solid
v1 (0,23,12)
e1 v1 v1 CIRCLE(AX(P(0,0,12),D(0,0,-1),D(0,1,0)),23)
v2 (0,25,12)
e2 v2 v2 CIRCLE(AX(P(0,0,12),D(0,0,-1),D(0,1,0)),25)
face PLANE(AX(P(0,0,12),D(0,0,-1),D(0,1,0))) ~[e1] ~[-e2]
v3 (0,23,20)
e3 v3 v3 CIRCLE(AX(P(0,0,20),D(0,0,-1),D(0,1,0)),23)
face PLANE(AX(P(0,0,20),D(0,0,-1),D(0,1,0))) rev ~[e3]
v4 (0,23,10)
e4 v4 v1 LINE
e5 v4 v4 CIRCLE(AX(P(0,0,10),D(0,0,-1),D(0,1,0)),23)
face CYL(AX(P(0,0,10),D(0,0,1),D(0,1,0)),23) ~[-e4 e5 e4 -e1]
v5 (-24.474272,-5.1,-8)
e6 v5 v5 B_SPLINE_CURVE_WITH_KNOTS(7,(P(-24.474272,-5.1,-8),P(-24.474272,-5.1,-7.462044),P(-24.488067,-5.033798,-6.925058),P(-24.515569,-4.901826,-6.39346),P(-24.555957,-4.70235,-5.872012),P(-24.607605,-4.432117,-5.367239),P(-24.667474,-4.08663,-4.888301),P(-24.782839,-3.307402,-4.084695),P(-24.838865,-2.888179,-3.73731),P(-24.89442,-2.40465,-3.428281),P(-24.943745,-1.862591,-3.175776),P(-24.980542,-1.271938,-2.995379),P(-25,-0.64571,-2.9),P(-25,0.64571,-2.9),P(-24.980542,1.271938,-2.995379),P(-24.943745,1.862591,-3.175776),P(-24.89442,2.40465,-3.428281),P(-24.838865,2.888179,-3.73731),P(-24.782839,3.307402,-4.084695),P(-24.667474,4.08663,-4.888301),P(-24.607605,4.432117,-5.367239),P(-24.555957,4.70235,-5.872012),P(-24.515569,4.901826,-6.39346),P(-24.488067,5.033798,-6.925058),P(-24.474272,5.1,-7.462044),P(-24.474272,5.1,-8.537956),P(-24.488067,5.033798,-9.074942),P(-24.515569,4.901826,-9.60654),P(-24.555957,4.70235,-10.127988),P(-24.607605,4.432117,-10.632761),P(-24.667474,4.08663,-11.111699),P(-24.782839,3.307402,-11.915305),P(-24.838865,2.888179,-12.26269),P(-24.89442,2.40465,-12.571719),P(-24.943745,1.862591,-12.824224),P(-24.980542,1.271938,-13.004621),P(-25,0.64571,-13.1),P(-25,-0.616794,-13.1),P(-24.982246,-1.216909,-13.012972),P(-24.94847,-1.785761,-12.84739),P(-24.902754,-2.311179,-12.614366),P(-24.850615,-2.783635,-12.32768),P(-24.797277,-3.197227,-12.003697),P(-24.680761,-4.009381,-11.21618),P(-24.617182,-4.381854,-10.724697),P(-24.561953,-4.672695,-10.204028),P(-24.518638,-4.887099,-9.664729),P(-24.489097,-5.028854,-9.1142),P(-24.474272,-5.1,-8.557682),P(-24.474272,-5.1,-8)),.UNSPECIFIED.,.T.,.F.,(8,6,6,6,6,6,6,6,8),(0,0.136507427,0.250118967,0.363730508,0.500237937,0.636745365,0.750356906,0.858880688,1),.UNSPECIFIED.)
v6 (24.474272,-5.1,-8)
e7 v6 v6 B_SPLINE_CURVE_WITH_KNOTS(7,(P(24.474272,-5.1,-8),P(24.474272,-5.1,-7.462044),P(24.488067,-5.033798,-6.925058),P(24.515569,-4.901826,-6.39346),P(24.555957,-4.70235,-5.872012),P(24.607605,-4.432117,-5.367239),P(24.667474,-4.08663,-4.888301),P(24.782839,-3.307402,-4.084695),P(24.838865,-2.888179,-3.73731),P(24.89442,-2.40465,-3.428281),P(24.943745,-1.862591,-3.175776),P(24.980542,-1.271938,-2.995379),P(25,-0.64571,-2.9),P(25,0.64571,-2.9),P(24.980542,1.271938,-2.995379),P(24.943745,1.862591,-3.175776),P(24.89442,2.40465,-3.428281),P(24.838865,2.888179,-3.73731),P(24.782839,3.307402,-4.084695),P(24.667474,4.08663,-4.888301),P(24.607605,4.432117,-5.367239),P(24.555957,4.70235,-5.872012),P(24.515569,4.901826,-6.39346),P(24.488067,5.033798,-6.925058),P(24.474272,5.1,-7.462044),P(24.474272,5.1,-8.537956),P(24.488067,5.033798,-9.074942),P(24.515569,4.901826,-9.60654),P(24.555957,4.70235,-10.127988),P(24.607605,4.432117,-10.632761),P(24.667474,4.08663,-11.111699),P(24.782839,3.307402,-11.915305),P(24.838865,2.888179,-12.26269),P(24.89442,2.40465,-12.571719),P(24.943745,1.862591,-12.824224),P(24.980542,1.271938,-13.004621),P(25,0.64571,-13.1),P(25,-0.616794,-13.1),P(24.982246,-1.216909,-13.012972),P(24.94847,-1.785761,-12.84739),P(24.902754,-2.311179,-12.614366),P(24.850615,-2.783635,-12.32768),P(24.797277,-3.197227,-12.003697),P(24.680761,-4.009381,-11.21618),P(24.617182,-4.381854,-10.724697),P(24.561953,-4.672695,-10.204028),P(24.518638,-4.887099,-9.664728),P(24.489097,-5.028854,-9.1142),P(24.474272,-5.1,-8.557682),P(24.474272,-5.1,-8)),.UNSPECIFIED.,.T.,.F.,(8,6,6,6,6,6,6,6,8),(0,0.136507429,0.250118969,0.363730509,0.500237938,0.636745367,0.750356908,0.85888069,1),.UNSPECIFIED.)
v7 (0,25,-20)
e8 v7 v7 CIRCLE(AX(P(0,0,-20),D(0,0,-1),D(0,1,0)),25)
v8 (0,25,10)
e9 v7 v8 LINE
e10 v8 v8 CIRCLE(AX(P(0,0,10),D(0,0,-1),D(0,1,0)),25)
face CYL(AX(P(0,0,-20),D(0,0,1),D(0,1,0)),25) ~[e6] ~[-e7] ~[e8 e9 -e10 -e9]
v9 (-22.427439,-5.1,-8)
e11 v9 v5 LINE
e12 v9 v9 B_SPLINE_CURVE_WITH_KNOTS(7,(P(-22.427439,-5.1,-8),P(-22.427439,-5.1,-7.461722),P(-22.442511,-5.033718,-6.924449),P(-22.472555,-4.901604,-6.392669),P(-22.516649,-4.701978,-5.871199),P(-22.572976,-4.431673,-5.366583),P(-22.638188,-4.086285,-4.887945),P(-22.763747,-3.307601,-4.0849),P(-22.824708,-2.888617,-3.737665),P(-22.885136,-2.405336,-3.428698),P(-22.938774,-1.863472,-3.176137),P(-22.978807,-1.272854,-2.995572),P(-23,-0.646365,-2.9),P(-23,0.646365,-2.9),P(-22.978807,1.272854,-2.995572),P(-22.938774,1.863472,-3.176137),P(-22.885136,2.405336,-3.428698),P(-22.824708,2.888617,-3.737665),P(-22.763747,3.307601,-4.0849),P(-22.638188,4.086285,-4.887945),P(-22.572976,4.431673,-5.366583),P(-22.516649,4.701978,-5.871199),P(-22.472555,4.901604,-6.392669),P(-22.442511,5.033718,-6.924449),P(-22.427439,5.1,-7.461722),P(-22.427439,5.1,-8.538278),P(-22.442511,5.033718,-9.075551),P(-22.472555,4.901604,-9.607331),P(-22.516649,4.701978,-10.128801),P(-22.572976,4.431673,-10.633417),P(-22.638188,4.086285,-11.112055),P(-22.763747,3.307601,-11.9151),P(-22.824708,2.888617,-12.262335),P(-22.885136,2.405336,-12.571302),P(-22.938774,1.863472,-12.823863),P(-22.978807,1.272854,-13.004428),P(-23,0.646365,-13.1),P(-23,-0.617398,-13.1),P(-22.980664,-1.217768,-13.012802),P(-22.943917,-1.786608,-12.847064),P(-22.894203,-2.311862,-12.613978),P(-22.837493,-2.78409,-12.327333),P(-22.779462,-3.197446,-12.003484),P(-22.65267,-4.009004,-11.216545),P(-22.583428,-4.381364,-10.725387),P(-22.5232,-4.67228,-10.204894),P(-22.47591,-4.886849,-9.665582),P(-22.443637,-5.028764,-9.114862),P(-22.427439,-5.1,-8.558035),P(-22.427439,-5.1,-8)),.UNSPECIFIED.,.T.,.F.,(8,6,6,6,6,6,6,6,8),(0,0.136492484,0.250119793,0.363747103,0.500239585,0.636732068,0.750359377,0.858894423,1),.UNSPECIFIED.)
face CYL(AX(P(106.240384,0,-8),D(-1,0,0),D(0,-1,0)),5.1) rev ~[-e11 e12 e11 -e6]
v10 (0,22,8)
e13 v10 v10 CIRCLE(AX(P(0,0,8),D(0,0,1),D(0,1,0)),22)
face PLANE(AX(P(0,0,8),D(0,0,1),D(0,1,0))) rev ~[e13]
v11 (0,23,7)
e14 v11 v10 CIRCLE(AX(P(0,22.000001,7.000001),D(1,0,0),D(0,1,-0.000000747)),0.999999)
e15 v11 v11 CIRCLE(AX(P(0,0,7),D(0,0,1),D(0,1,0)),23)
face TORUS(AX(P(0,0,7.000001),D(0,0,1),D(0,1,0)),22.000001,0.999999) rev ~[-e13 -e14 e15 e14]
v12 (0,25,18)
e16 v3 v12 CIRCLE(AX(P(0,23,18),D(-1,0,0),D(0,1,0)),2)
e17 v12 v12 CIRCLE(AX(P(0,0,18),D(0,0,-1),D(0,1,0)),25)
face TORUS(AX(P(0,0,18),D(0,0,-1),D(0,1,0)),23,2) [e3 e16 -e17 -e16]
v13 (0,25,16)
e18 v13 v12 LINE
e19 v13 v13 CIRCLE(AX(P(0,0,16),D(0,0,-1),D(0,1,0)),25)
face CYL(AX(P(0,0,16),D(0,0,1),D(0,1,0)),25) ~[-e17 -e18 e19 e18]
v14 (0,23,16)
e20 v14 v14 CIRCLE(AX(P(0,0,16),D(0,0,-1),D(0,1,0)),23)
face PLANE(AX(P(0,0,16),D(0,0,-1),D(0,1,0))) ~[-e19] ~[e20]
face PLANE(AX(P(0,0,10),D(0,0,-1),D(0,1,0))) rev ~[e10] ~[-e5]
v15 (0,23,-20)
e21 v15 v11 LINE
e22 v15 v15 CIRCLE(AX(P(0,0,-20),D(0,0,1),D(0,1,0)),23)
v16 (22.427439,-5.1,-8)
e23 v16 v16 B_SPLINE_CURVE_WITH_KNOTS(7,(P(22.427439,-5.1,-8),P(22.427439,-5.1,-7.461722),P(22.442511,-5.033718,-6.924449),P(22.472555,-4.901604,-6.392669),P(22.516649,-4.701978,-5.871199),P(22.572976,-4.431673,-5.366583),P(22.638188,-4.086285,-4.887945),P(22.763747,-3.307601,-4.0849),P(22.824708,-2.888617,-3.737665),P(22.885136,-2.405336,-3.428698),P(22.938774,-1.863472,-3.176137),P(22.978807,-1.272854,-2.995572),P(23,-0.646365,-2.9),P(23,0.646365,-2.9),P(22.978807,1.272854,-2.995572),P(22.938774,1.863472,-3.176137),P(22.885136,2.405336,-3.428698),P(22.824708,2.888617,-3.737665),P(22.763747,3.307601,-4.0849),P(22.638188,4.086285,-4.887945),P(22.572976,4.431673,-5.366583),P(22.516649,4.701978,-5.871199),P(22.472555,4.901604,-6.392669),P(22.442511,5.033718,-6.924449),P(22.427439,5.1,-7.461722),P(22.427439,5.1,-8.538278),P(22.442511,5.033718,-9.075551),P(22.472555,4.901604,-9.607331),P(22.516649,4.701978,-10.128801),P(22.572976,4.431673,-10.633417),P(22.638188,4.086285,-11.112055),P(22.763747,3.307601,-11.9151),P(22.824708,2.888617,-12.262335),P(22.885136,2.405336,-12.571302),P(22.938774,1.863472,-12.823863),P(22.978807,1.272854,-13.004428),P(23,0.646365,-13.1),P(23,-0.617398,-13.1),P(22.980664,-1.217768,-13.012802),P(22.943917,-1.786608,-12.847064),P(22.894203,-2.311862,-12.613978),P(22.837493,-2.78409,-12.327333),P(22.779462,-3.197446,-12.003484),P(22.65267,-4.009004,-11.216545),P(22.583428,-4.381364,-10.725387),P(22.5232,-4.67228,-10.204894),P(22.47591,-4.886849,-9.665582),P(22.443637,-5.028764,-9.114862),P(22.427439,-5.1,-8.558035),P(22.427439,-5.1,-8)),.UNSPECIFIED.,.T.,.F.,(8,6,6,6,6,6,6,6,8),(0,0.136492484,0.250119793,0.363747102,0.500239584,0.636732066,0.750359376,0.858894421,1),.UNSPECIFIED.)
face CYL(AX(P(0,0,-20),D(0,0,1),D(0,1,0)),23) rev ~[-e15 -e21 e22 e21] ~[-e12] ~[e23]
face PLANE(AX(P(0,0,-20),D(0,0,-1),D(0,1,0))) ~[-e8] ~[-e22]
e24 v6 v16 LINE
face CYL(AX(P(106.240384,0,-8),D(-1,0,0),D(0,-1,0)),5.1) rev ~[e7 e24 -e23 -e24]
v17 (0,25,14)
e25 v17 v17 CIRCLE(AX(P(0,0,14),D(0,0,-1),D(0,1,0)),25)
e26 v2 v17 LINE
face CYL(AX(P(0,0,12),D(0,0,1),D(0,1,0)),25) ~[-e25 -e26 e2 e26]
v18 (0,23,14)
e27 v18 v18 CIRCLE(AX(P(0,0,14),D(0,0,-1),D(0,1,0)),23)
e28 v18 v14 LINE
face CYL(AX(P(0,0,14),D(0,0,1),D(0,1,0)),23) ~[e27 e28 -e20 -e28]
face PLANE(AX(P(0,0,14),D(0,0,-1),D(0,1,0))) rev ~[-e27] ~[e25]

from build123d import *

# Parameters (mm, degrees)
F2_R = 2
F7_D = 10.2


with BuildPart() as f1:
    # F0 (on Right) → F1 (revolve)
    with BuildSketch(Plane.YZ):
        Polygon((25, 20), (0, 20), (0, 16), (0, -20), (25, -20), (25, 10), (23, 10), (23, 12), (25, 12), (25, 14), (23, 14), (23, 16), (25, 16), align=None)
    revolve(axis=Axis((0, 0, -4), (0, 0, -1)))

    # F2
    f2_edges = [f1.edges().sort_by_distance(p)[0] for p in [
        (0, -25, 20),
    ]]
    fillet(f2_edges, radius=F2_R)

    # F3 (on Right) → F4 (revolve, cut)
    with BuildSketch(Plane.YZ):
        with BuildLine():
            Line((0, 8), (0, -20))
            Line((0, -20), (23, -20))
            Line((23, -20), (23, 7))
            ThreePointArc((23, 7), (22.707107, 7.707107), (22, 8))
            Line((22, 8), (0, 8))
        make_face()
    revolve(axis=Axis((0, 0, -6), (0, 0, 1)), mode=Mode.SUBTRACT)

    # F7 (through all)
    with Locations(Plane.YZ.offset(25)):
        with Locations((0, -8)):
            Hole(F7_D / 2)


solid = f1.part
